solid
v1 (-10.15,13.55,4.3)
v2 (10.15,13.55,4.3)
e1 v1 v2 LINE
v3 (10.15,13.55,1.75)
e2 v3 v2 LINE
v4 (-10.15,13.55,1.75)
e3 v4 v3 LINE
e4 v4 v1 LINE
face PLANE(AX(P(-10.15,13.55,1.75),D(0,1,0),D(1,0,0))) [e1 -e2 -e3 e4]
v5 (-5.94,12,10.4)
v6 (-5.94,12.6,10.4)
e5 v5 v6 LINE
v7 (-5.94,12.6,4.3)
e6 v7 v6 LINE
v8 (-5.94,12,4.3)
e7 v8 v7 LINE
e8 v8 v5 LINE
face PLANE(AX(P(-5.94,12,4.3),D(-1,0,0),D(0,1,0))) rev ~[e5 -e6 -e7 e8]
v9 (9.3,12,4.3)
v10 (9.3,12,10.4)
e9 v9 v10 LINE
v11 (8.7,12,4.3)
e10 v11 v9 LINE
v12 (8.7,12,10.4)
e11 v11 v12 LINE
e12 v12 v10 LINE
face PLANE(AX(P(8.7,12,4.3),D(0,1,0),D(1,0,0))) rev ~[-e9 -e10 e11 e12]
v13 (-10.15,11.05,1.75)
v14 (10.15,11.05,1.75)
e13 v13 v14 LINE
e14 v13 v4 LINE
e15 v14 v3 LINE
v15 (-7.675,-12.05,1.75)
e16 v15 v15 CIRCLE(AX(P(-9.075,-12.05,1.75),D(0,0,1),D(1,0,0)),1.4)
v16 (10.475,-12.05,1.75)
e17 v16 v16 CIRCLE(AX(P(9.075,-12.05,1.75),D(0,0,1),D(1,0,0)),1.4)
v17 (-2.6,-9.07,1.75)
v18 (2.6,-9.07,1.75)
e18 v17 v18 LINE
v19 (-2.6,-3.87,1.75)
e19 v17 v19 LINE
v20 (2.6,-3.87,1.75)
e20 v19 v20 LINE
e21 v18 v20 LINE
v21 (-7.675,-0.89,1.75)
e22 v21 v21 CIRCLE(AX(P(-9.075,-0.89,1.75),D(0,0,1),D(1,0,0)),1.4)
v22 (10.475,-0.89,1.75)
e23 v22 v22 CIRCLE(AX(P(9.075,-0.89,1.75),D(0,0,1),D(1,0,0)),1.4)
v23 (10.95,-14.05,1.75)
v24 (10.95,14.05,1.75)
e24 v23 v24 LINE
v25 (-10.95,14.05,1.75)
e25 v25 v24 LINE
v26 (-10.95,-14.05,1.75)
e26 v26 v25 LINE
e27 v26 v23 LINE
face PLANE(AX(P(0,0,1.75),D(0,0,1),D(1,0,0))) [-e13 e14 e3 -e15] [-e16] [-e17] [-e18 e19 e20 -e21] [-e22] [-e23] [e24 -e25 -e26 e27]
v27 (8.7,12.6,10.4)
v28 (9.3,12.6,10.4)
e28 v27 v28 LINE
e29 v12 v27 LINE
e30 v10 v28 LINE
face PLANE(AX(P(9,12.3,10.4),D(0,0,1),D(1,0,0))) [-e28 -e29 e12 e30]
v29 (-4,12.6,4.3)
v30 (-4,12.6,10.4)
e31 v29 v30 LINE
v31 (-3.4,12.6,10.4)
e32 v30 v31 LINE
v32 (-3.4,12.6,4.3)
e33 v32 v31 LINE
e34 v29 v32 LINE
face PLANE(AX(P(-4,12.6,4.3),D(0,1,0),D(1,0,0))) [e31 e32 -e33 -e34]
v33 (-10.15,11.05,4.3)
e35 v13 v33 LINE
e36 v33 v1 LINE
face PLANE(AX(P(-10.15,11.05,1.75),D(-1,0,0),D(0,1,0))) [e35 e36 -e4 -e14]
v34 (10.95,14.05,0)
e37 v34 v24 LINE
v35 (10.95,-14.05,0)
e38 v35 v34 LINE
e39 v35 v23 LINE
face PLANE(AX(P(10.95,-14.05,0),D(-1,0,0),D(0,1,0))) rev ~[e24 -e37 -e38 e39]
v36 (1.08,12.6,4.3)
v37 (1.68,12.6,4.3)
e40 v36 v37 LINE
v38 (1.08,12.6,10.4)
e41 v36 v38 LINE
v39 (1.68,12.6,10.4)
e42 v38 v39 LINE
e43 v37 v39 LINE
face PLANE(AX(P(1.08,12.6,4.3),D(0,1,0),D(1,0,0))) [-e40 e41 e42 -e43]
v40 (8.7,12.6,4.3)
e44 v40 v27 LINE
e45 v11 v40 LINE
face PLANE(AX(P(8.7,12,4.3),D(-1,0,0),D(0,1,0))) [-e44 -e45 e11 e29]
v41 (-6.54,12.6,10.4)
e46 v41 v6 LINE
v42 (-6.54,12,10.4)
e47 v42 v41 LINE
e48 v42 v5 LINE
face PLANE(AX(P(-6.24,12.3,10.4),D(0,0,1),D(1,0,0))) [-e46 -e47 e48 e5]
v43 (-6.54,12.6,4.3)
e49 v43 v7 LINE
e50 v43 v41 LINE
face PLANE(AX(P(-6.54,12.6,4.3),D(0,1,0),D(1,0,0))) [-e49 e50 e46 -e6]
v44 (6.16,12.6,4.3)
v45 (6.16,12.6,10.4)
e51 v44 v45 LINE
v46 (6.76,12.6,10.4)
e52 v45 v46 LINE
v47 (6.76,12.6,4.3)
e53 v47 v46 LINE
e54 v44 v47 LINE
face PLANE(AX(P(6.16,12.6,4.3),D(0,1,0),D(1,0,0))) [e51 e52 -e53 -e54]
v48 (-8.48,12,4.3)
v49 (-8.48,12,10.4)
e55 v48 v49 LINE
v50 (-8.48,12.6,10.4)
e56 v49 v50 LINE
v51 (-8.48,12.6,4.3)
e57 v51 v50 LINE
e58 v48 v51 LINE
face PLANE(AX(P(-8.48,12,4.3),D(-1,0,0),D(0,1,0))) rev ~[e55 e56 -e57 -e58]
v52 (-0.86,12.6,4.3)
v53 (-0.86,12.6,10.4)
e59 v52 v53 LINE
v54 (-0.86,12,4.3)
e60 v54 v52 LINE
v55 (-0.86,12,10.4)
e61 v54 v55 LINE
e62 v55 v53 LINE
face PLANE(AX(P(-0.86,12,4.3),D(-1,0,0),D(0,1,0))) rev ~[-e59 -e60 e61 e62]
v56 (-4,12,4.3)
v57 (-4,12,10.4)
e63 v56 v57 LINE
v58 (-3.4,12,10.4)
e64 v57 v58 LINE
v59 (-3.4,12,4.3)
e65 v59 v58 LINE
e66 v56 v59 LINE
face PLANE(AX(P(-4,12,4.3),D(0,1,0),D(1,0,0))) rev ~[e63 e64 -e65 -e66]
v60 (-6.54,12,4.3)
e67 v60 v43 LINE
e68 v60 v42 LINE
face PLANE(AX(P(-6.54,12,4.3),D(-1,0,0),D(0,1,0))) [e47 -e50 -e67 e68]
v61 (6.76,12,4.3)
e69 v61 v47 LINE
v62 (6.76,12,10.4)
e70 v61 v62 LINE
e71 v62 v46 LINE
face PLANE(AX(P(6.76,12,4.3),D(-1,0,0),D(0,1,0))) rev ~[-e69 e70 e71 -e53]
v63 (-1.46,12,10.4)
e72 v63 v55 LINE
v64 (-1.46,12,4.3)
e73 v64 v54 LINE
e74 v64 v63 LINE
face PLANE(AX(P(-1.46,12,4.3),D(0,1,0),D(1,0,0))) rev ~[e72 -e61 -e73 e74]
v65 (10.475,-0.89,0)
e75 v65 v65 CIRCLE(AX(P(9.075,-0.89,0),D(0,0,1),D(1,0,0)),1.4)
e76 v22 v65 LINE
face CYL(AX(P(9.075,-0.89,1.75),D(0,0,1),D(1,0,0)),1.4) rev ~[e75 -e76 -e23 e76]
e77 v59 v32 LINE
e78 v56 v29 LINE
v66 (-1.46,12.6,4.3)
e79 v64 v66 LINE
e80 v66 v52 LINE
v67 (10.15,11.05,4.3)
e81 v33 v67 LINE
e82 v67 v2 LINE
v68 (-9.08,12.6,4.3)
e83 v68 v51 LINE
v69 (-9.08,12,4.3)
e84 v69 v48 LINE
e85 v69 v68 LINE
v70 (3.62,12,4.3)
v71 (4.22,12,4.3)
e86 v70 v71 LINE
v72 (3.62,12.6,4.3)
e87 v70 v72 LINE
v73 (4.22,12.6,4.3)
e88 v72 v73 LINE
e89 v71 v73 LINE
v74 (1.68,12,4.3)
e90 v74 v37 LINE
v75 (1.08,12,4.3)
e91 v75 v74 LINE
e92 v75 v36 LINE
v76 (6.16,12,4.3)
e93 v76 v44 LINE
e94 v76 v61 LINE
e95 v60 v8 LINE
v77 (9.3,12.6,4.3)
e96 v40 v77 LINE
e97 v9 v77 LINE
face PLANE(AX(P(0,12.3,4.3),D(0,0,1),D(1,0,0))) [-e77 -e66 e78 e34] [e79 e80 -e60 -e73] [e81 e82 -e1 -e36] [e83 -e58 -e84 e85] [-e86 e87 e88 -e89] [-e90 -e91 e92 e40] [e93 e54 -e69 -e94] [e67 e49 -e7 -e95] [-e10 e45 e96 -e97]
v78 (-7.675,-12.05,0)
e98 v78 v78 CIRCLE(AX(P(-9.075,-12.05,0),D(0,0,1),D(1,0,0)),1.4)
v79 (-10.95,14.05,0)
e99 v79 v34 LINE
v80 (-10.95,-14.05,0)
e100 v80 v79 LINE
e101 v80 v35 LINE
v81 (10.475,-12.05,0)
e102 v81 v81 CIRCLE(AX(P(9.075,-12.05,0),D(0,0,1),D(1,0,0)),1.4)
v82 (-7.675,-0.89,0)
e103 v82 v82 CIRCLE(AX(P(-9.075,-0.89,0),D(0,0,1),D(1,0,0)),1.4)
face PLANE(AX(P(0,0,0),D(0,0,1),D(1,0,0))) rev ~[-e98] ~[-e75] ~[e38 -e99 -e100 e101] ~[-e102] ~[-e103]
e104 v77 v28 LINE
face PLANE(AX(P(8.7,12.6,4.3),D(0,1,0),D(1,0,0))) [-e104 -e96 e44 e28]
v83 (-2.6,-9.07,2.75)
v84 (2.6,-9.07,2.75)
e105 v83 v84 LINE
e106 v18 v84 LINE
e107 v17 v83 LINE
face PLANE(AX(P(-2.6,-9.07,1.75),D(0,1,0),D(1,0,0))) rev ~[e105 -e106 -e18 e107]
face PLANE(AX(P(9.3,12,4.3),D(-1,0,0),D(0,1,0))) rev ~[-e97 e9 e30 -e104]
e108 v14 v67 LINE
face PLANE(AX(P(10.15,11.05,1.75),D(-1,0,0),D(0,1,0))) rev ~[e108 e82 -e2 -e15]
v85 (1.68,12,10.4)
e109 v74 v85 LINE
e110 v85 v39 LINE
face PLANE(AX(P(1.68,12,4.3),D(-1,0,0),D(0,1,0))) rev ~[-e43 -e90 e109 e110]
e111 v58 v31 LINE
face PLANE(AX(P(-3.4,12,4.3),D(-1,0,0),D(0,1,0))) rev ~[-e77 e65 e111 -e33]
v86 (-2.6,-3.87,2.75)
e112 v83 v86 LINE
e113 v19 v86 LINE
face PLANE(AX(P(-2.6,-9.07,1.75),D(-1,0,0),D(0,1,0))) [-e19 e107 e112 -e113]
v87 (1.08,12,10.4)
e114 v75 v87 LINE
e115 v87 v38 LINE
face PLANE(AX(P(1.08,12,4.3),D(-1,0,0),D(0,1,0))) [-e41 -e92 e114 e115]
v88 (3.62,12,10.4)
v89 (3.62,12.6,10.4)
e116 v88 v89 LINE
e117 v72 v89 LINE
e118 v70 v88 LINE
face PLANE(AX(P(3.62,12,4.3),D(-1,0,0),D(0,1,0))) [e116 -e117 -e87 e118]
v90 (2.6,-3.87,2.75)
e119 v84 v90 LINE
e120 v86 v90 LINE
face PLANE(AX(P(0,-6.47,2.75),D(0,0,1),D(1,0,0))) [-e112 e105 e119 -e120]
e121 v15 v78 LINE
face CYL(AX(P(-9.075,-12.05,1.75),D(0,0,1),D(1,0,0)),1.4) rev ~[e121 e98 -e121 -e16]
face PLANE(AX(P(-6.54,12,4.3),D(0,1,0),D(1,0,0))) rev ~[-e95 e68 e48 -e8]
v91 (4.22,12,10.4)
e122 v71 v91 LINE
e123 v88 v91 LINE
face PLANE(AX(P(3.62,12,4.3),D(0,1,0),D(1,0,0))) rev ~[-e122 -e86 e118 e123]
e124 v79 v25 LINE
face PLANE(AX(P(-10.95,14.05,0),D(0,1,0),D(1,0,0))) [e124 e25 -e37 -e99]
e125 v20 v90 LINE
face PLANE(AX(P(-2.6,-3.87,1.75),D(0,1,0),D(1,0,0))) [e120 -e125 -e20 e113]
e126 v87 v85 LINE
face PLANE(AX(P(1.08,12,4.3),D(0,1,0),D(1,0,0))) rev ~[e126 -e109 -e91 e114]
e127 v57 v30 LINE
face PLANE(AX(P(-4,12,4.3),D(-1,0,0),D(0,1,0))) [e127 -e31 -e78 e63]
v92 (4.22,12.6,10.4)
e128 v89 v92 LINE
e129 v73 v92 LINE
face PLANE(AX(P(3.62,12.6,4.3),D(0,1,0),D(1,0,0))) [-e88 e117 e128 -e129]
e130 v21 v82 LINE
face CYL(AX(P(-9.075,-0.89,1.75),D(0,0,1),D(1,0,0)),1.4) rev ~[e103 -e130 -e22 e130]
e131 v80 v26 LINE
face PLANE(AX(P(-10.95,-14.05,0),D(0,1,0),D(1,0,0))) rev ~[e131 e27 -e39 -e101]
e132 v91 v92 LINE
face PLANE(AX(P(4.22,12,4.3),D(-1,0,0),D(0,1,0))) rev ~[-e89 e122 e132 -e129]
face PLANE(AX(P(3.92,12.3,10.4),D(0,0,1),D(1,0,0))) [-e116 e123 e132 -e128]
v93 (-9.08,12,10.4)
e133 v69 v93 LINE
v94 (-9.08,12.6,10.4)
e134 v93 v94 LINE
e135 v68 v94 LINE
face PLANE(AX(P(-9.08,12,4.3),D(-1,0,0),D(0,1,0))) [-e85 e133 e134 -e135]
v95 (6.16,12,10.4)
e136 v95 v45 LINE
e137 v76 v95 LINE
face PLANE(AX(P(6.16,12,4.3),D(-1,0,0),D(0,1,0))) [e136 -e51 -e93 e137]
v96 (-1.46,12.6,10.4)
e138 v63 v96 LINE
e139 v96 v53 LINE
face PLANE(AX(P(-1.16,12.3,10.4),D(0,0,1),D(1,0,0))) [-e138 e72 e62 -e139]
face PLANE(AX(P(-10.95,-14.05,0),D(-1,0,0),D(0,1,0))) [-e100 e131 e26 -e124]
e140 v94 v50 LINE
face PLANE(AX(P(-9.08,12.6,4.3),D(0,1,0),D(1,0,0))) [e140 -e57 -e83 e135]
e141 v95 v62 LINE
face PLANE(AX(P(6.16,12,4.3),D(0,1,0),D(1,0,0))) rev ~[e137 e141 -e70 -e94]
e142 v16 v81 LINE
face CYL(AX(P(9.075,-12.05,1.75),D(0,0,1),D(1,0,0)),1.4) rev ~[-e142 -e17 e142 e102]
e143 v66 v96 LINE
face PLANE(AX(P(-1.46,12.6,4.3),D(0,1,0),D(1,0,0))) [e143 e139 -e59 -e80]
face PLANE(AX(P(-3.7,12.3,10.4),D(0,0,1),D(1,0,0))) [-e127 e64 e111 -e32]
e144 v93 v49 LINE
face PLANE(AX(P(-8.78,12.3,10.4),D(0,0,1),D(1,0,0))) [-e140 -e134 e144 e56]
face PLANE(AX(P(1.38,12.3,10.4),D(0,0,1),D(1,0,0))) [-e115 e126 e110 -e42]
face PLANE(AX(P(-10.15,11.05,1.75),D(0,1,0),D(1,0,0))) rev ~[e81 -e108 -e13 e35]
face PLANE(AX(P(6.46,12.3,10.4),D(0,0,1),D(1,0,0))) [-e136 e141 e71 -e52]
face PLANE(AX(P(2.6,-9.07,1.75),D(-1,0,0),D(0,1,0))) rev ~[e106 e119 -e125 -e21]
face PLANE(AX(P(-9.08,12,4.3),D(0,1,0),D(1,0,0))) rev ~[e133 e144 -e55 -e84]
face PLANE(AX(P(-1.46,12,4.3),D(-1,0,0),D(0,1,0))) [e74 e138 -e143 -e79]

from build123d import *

# Parameters (mm, degrees)
SKETCH1_W           = 21.9
SKETCH1_H           = 28.1
BOSS_EXTRUDE1_DEPTH = 1.75
SKETCH2_R           = 1.4
CUT_EXTRUDE1_DEPTH  = 18.89881281
SKETCH3_W           = 5.2
SKETCH3_H           = 5.2
BOSS_EXTRUDE2_DEPTH = 1
SKETCH4_W           = 20.3
SKETCH4_H           = 2.5
BOSS_EXTRUDE3_DEPTH = 2.55
SKETCH5_W           = 0.6
SKETCH5_H           = 0.6
BOSS_EXTRUDE4_DEPTH = 6.1
LPATTERN1_COUNT     = 8
LPATTERN1_PITCH     = 2.54


with BuildPart() as part:
    # Sketch1 → Boss-Extrude1 (new body)
    with BuildSketch(Plane.XY):
        Rectangle(SKETCH1_W, SKETCH1_H)
    extrude(amount=BOSS_EXTRUDE1_DEPTH)

    # Sketch2 → Cut-Extrude1 (cut, through all)
    with BuildSketch(Plane.XY.offset(1.75)):
        with Locations((-9.075, -0.89)):
            Circle(SKETCH2_R)
        with Locations((9.075, -0.89)):
            Circle(SKETCH2_R)
        with Locations((9.075, -12.05)):
            Circle(SKETCH2_R)
        with Locations((-9.075, -12.05)):
            Circle(SKETCH2_R)
    extrude(amount=-CUT_EXTRUDE1_DEPTH, mode=Mode.SUBTRACT)

    # Sketch3 → Boss-Extrude2 (add)
    with BuildSketch(Plane.XY.offset(1.75)):
        with Locations((0, -6.47)):
            Rectangle(SKETCH3_W, SKETCH3_H)
    extrude(amount=BOSS_EXTRUDE2_DEPTH)

    # Sketch4 → Boss-Extrude3 (add)
    with BuildSketch(Plane.XY.offset(1.75)):
        with Locations((0, 12.3)):
            Rectangle(SKETCH4_W, SKETCH4_H)
    extrude(amount=BOSS_EXTRUDE3_DEPTH)

    # Sketch5 → Boss-Extrude4 (add)
    with BuildSketch(Plane.XY.offset(4.3)):
        with Locations((-8.78, 12.3)):
            Rectangle(SKETCH5_W, SKETCH5_H)
    boss_extrude4 = extrude(amount=BOSS_EXTRUDE4_DEPTH)

    # LPattern1: Boss-Extrude4 ×8
    with Locations(*[(i * LPATTERN1_PITCH, 0, 0) for i in range(1, LPATTERN1_COUNT)]):
        add(boss_extrude4)


solid = part.part
